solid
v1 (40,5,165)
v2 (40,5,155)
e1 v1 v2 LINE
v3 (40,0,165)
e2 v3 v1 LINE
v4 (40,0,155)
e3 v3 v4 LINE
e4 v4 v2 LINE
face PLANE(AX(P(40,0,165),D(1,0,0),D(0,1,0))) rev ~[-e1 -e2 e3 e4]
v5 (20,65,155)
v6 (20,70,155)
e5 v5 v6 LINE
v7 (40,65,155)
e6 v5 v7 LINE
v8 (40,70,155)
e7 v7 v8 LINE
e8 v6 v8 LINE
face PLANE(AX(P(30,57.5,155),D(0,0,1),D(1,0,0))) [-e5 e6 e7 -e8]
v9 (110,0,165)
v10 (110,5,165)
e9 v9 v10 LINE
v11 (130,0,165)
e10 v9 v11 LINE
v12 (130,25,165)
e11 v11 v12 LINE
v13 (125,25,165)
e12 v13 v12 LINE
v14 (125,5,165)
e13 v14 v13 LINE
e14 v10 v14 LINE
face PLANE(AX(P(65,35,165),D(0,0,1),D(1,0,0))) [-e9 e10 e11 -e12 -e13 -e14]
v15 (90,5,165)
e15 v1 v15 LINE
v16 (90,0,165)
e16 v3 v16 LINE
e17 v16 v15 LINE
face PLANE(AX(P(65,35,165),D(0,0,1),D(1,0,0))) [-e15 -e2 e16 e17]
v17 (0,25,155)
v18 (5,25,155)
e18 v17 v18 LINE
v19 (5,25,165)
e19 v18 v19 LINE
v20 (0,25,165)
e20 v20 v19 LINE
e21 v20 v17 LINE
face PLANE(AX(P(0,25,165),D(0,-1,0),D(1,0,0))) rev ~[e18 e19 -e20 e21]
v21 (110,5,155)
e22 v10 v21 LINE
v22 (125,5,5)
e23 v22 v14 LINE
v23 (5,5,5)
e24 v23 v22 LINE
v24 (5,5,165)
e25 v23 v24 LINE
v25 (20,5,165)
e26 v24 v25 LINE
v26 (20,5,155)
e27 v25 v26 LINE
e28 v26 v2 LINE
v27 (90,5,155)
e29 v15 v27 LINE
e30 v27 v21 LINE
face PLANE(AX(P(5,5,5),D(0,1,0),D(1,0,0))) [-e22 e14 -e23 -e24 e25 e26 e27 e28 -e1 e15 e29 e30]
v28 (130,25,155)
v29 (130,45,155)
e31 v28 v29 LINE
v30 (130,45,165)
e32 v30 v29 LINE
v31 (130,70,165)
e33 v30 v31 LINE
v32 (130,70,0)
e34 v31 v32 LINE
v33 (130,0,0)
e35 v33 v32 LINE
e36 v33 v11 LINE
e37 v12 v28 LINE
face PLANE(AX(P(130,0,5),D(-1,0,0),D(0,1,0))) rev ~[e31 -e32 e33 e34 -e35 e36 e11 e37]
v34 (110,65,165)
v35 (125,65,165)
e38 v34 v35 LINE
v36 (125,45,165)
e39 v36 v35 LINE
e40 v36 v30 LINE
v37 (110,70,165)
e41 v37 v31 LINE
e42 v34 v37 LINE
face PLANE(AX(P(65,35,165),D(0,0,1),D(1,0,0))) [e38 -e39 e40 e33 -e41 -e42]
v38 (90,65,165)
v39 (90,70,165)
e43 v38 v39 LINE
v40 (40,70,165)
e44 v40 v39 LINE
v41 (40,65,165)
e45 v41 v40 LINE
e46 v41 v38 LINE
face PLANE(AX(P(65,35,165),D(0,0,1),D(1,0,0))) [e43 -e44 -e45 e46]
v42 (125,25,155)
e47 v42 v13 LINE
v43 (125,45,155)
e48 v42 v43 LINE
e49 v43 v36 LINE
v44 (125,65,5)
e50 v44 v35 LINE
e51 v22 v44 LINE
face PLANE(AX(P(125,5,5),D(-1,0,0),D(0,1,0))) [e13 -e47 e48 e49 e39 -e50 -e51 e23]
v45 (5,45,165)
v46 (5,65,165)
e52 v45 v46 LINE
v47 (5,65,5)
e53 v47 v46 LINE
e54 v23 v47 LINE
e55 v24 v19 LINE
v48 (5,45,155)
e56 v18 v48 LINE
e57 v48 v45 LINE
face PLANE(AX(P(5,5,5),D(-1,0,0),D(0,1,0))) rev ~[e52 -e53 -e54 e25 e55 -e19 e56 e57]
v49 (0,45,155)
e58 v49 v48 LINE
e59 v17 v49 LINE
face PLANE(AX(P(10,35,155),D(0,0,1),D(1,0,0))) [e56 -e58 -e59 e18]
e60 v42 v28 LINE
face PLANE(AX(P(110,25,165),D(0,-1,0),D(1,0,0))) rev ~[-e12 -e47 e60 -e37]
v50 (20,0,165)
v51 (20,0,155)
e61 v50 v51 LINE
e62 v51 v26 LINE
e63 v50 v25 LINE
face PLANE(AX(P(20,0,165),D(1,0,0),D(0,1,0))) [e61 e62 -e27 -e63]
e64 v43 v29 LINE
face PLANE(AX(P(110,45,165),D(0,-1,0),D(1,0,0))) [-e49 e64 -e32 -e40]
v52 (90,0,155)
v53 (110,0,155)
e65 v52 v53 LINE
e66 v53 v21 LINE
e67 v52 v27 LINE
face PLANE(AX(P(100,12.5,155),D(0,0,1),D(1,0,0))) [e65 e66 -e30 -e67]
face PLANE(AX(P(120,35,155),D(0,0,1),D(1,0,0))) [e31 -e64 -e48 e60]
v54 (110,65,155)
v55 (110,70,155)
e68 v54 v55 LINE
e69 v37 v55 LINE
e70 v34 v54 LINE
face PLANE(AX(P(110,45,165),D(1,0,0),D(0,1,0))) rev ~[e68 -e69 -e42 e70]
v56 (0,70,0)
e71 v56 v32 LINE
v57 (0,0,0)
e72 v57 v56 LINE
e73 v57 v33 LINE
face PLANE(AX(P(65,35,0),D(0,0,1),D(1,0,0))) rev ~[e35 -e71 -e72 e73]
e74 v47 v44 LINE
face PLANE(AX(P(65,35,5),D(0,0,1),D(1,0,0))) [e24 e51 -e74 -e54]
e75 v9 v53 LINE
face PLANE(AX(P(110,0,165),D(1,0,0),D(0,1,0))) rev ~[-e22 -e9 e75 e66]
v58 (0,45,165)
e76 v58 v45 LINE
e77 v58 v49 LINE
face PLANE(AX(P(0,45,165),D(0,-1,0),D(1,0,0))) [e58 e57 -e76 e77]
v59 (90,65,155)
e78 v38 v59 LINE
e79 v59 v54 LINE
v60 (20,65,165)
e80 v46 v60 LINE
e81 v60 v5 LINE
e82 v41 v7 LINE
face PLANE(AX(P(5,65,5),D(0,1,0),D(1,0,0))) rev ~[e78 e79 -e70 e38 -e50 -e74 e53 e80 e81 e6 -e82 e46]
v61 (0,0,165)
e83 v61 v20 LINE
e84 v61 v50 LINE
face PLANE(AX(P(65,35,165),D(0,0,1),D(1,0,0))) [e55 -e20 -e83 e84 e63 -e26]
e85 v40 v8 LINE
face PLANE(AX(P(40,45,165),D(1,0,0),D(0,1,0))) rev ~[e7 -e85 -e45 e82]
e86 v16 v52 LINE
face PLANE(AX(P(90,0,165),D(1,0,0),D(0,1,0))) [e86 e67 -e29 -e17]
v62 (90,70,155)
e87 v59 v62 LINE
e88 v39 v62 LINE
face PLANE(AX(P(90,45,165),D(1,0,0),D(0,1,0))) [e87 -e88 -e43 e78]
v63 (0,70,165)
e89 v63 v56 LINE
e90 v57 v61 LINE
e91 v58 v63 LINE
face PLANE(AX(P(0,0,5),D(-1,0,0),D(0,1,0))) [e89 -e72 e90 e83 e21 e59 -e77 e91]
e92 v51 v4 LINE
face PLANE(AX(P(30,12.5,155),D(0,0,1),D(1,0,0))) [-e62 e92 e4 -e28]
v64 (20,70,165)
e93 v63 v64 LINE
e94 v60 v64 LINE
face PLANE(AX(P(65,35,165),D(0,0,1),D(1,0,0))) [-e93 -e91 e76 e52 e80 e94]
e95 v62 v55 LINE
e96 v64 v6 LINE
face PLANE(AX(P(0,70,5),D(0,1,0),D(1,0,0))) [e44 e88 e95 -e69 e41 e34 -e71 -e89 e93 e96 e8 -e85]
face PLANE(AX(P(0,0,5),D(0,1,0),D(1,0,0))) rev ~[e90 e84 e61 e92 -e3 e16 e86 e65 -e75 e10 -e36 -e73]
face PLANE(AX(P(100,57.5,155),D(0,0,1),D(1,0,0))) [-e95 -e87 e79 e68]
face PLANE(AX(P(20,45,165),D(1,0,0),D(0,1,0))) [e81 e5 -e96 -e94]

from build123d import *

# Parameters (mm, degrees)
F0_W     = 130
F0_H     = 70
F1_DEPTH = 5
F2_W     = 130
F2_H     = 70
F2_W_2   = 120
F2_H_2   = 60
F3_DEPTH = 160
F4_W     = 20
F4_H     = 25
F4_H_2   = 20
F4_W_2   = 50
F5_DEPTH = 10


with BuildPart() as f1:
    # F0 (on Top) → F1 (new body)
    with BuildSketch(Plane.XY):
        with Locations((65, 35)):
            Rectangle(F0_W, F0_H)
    extrude(amount=F1_DEPTH)

    # F2 (on face) → F3 (join)
    with BuildSketch(Plane.XY.offset(5)):
        with Locations((65, 35)):
            Rectangle(F2_W, F2_H)
        with Locations((65, 35)):
            Rectangle(F2_W_2, F2_H_2, mode=Mode.SUBTRACT)
    extrude(amount=F3_DEPTH)

    # F4 (on face) → F5 (cut)
    with BuildSketch(Plane.XY.offset(165)):
        with Locations((30, 12.5)):
            Rectangle(F4_W, F4_H)
        with Locations((10, 35)):
            Rectangle(F4_W, F4_H_2)
        with Locations((65, 35)):
            Rectangle(F4_W_2, F4_H_2)
        with Locations((30, 57.5)):
            Rectangle(F4_W, F4_H)
        with Locations((100, 12.5)):
            Rectangle(F4_W, F4_H)
        with Locations((100, 57.5)):
            Rectangle(F4_W, F4_H)
        with Locations((120, 35)):
            Rectangle(F4_W, F4_H_2)
    extrude(amount=-F5_DEPTH, mode=Mode.SUBTRACT)


solid = f1.part
